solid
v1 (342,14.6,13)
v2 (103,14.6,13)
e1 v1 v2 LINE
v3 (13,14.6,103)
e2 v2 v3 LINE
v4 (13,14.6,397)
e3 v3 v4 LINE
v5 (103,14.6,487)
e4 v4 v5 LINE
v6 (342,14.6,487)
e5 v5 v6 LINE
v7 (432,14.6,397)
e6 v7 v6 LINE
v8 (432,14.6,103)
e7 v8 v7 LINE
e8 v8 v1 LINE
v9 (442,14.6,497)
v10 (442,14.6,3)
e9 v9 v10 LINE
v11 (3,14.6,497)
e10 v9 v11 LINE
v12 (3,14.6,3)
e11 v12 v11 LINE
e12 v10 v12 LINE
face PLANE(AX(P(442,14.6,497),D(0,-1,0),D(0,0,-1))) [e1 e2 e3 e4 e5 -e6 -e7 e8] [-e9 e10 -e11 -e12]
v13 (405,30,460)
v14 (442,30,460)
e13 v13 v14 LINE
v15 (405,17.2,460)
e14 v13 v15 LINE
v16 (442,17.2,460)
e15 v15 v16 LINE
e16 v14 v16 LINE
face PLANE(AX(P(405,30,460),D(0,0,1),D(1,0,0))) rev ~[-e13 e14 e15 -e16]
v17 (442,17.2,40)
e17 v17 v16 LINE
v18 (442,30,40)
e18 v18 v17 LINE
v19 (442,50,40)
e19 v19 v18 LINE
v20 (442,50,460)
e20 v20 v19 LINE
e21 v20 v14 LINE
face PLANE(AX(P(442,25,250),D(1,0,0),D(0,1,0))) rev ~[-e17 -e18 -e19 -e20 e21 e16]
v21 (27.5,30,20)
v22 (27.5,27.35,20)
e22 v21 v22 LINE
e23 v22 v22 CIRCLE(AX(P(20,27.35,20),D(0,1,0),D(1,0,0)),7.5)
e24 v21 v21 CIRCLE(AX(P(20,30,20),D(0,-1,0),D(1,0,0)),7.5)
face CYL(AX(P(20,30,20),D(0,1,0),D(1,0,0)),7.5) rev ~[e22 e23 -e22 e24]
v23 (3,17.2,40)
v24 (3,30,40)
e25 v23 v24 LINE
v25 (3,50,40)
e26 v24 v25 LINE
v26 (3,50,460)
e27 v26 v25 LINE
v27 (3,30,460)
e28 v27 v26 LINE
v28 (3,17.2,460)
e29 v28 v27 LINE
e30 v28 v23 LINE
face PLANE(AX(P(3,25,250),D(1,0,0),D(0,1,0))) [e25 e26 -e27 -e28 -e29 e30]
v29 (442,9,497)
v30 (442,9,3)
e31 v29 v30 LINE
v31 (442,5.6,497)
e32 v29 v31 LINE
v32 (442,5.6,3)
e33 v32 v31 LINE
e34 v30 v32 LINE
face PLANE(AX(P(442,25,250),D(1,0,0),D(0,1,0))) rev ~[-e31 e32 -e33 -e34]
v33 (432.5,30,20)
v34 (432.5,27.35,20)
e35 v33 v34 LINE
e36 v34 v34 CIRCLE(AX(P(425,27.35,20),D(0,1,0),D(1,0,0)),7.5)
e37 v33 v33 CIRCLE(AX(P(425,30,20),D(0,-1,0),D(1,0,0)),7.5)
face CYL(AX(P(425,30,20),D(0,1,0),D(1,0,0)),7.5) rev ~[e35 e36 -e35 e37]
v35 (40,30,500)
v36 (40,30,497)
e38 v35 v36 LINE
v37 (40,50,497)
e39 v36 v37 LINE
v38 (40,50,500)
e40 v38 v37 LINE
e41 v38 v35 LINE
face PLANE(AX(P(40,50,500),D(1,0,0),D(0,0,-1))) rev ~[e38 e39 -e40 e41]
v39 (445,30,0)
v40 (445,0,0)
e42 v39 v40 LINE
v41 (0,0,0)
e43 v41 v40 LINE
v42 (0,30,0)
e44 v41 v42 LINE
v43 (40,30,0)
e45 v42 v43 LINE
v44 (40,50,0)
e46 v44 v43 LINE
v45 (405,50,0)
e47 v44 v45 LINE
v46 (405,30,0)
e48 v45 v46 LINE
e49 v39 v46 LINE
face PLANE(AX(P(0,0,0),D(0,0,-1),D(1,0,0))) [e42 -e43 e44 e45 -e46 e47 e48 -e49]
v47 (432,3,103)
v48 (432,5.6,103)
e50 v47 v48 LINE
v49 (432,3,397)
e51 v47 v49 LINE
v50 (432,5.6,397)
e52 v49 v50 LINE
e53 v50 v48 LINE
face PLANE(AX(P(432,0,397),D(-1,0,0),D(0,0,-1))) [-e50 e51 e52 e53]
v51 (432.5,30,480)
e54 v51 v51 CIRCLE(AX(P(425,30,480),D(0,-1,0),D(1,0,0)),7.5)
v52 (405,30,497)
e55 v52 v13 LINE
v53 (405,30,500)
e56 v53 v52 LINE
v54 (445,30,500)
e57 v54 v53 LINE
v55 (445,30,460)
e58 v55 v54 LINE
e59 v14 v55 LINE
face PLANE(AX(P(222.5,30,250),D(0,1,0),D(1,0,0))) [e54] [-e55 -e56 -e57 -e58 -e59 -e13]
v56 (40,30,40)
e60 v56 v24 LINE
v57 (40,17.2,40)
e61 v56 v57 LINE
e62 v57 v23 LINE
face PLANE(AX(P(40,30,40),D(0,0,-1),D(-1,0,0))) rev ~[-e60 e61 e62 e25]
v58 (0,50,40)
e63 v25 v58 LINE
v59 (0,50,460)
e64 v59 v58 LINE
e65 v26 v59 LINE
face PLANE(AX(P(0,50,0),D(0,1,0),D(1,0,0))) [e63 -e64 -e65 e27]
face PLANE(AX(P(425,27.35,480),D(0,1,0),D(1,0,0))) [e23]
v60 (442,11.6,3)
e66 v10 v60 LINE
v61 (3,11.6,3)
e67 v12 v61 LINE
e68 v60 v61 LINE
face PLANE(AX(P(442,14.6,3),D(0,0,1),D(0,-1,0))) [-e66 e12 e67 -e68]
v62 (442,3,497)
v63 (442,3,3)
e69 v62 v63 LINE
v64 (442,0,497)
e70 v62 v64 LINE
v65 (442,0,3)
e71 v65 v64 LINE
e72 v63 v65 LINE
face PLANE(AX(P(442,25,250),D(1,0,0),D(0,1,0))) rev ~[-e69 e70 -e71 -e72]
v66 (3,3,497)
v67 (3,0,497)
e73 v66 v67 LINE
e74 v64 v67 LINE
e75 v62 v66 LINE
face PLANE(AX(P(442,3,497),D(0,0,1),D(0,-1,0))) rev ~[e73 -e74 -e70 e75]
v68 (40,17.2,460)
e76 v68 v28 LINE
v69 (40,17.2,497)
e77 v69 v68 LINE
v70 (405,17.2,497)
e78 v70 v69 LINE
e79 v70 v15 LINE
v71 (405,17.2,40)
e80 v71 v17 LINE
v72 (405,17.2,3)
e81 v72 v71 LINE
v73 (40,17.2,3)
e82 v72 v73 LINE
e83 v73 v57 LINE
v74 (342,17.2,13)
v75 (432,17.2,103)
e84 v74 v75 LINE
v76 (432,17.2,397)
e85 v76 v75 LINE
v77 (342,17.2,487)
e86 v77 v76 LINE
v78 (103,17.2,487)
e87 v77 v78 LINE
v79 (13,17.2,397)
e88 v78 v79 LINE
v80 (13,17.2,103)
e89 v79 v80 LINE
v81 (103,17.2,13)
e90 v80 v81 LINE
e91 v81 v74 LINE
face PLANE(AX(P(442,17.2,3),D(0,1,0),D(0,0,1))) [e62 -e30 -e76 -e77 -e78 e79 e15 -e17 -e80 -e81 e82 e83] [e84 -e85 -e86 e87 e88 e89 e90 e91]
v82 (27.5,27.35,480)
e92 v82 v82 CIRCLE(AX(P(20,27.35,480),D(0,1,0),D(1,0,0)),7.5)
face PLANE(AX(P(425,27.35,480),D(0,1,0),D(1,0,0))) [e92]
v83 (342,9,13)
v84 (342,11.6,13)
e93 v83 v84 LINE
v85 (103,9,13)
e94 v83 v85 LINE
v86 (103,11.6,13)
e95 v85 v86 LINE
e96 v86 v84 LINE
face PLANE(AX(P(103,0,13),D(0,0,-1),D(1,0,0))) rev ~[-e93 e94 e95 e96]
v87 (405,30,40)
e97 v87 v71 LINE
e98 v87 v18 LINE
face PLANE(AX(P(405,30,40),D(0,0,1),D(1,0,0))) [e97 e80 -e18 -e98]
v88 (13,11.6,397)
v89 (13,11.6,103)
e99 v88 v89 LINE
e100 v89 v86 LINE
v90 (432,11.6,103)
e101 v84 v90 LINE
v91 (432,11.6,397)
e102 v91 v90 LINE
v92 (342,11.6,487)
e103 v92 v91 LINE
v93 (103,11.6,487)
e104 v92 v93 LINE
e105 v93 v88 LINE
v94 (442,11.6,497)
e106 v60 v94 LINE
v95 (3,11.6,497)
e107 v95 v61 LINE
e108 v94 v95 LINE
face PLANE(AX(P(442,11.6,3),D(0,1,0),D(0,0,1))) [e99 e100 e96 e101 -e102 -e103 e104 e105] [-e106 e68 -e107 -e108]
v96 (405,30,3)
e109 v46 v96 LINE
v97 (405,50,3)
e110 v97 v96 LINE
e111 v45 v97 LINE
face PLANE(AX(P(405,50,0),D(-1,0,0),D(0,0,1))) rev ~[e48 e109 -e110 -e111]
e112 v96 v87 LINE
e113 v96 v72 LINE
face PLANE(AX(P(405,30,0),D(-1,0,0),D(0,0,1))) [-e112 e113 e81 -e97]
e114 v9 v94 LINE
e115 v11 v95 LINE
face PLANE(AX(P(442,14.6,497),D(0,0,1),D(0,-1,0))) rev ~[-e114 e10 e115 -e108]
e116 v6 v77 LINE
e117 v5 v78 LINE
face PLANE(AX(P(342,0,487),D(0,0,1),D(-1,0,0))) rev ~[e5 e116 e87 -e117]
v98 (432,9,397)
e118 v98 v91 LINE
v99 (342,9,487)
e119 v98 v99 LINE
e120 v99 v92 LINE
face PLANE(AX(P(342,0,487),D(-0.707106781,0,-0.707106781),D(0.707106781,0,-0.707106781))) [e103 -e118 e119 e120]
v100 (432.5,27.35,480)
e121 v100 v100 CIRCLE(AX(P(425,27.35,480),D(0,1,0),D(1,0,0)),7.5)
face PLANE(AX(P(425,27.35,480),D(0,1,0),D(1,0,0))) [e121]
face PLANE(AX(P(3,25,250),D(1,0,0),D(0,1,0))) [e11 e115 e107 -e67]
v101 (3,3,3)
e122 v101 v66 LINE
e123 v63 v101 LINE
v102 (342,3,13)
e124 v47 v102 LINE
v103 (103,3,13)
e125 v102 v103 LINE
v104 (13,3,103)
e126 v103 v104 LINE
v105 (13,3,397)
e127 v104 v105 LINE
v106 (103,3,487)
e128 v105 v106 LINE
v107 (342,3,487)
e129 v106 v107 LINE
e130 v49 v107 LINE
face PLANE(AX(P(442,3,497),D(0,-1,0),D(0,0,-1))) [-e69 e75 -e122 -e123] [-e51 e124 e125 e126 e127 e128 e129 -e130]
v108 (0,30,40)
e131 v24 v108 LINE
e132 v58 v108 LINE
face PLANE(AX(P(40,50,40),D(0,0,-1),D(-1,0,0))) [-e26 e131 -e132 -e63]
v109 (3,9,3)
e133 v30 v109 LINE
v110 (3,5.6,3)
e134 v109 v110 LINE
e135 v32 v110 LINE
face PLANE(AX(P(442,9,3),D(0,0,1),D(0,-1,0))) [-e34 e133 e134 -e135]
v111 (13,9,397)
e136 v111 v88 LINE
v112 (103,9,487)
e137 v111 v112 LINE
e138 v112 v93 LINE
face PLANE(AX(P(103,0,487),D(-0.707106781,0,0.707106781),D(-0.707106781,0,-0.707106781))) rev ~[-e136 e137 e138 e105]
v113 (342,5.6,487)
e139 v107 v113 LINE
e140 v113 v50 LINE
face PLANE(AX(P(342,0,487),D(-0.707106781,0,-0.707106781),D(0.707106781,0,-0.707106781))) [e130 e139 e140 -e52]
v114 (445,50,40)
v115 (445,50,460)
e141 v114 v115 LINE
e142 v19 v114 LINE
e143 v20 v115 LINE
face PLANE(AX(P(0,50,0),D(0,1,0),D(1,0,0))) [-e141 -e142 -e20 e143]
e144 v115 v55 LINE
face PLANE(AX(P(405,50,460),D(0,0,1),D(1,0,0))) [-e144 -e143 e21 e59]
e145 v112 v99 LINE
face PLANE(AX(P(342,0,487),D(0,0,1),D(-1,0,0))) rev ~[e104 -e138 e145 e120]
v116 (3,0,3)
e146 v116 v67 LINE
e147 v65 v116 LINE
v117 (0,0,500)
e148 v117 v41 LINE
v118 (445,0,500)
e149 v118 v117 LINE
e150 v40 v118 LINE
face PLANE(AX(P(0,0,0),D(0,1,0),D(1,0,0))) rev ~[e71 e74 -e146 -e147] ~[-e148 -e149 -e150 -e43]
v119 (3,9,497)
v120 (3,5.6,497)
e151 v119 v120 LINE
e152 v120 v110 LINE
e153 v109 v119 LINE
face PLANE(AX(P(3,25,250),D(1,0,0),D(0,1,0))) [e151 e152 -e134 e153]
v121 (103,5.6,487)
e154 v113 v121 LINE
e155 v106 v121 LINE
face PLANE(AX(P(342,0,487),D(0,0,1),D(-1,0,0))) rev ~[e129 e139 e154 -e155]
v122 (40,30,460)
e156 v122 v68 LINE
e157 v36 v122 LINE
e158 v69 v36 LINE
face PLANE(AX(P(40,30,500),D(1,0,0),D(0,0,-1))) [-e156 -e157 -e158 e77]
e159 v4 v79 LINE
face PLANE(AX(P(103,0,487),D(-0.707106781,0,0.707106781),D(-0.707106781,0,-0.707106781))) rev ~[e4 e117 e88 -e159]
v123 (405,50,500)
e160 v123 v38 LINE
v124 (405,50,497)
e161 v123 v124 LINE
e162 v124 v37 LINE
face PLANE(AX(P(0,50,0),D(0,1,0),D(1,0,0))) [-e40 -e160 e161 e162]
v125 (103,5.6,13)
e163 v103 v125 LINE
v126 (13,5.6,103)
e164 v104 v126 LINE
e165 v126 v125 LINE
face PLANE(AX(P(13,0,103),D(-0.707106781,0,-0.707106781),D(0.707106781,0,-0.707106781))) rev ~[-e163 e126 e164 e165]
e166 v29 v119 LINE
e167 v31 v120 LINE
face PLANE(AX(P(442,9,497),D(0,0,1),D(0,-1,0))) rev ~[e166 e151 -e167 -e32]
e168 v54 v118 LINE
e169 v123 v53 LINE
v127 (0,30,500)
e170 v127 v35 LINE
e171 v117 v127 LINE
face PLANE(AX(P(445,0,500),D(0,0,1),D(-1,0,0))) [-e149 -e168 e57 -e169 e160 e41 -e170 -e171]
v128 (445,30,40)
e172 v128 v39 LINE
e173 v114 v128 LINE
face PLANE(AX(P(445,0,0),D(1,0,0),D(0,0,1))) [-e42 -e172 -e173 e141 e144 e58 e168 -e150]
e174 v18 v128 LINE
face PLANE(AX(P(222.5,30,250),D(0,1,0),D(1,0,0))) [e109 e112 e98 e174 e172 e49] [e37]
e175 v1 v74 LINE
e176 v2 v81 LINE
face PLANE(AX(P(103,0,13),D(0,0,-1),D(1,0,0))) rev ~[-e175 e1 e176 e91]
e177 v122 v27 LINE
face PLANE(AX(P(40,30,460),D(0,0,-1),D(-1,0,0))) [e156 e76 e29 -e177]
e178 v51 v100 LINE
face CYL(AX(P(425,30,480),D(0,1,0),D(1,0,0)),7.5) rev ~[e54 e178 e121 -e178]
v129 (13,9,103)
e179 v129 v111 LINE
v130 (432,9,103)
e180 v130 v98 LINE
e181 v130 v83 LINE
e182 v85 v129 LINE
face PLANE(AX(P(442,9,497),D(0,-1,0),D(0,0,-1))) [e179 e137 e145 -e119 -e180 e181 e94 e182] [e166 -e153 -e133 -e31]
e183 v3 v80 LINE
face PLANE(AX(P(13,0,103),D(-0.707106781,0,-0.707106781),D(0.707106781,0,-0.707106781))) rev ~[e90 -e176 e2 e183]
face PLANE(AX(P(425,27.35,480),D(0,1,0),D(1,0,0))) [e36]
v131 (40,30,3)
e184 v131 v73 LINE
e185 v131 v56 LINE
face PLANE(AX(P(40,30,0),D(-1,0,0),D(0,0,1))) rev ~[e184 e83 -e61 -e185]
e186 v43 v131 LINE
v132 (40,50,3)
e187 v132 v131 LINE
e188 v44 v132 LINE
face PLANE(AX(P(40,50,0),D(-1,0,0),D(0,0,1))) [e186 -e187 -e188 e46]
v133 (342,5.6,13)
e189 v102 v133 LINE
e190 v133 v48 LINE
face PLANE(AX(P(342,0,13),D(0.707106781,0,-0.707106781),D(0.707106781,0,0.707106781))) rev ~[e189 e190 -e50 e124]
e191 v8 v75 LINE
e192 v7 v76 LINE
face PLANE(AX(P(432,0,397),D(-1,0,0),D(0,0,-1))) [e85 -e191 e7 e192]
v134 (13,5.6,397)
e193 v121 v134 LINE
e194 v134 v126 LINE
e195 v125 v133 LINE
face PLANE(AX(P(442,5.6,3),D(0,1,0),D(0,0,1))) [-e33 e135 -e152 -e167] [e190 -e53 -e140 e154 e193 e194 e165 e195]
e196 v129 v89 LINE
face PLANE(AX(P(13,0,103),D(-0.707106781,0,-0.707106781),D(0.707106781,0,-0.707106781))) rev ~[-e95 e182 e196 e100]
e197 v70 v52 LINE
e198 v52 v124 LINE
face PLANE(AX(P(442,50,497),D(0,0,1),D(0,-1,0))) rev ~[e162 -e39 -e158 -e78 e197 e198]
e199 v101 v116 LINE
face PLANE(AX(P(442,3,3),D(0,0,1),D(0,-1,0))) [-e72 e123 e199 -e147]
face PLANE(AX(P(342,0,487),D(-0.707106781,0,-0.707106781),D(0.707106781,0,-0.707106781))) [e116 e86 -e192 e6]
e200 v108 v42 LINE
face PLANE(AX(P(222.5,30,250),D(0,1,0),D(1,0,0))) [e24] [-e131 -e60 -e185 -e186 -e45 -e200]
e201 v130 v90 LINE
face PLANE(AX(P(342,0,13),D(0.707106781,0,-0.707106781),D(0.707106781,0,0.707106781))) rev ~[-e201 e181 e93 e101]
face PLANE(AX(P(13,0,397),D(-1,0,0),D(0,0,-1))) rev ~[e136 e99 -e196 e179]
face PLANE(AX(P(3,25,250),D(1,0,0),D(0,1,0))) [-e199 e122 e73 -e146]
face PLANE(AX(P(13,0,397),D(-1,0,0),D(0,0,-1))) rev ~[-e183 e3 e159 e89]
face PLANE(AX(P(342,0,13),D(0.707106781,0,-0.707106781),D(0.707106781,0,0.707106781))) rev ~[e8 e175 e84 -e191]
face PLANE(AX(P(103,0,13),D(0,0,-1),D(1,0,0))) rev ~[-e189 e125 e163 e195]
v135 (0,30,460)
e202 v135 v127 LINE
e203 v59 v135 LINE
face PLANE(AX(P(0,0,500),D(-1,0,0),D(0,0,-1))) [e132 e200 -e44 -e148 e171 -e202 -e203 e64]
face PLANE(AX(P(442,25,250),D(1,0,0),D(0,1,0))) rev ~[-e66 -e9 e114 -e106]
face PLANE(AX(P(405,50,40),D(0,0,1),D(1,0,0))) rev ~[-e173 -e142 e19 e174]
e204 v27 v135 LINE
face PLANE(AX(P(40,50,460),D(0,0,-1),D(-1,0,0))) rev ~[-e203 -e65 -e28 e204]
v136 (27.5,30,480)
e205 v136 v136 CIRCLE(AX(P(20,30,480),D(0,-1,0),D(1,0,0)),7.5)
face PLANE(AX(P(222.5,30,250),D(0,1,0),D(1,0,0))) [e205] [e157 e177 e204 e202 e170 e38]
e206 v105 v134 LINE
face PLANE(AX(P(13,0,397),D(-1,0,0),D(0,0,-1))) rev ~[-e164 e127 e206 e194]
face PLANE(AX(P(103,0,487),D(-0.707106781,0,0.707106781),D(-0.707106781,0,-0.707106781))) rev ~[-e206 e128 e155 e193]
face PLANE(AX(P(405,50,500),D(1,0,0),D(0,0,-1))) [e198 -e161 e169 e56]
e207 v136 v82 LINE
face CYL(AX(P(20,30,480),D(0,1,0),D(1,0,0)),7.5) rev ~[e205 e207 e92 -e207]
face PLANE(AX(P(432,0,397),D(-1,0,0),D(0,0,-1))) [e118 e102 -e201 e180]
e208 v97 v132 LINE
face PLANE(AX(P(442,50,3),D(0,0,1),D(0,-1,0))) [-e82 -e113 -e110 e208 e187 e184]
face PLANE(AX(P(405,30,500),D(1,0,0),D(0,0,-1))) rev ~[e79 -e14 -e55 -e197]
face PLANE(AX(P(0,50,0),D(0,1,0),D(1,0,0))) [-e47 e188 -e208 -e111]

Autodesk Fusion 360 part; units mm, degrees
sketch "Sketch1" plane through (0, 0, 0) normal (0, 1, 0) x (1, 0, 0)
  line L0 (0, 0) -> (445, 0)
  line L1 (445, 0) -> (445, -500)
  line L2 (445, -500) -> (0, -500)
  line L3 (0, -500) -> (0, 0)
  dimension "d1" = 445
  dimension "d2" = 500
extrude "Extrude1" add sketch "Sketch1" along normal blind 50
ref_plane "WorkPlane1" through (222.5, 0, 250) normal (0, -1, 0) x (-1, 0, 0)
sketch "Sketch2" plane through (222.5, 0, 250) normal (0, -1, 0) x (1, 0, 0)
  line L0 (222.5, 250) -> (119.5, 250)
  line L1 (119.5, 250) -> (119.5, 237)
  line L2 (119.5, 237) -> (222.5, 237)
  line L3 (222.5, 237) -> (222.5, 250)
  line L4 (222.5, 250) -> (209.5, 250)
  line L5 (209.5, 250) -> (209.5, 147)
  line L6 (209.5, 147) -> (222.5, 147)
  line L7 (222.5, 147) -> (222.5, 250)
  line L8 (119.5, 237) -> (209.5, 147)
  line L9 (209.5, 237) -> (119.5, 237)
  line L10 (-222.5, 250) -> (-119.5, 250)
  line L11 (-119.5, 250) -> (-119.5, 237)
  line L12 (-119.5, 237) -> (-222.5, 237)
  line L13 (-222.5, 237) -> (-222.5, 250)
  line L14 (-222.5, 250) -> (-209.5, 250)
  line L15 (-209.5, 250) -> (-209.5, 147)
  line L16 (-209.5, 147) -> (-222.5, 147)
  line L17 (-222.5, 147) -> (-222.5, 250)
  line L18 (-222.5, -250) -> (-119.5, -250)
  line L19 (-119.5, -250) -> (-119.5, -237)
  line L20 (-119.5, -237) -> (-222.5, -237)
  line L21 (-222.5, -237) -> (-222.5, -250)
  line L22 (-222.5, -250) -> (-209.5, -250)
  line L23 (-209.5, -250) -> (-209.5, -147)
  line L24 (-209.5, -147) -> (-222.5, -147)
  line L25 (-222.5, -147) -> (-222.5, -250)
  line L26 (222.5, -250) -> (209.5, -250)
  line L27 (209.5, -250) -> (209.5, -147)
  line L28 (209.5, -147) -> (222.5, -147)
  line L29 (222.5, -147) -> (222.5, -250)
  line L30 (222.5, -250) -> (119.5, -250)
  line L31 (119.5, -250) -> (119.5, -237)
  line L32 (119.5, -237) -> (222.5, -237)
  line L33 (222.5, -237) -> (222.5, -250)
  line L34 (119.5, -237) -> (209.5, -147)
  line L35 (209.5, 147) -> (119.5, 237)
  line L36 (-119.5, 237) -> (-209.5, 147)
  line L37 (-209.5, -147) -> (-119.5, -237)
  line L38 (-209.5, 147) -> (-209.5, -147)
  line L39 (-119.5, -237) -> (119.5, -237)
  line L40 (209.5, 147) -> (209.5, -147)
  line L41 (119.5, 237) -> (-119.5, 237)
  dimension "d6" = 103
  dimension "d7" = 13
  dimension "d8" = 13
  dimension "d9" = 103
  dimension "d10" = 103
  dimension "d11" = 13
  dimension "d12" = 13
  dimension "d13" = 103
  dimension "d14" = 103
  dimension "d15" = 13
  dimension "d16" = 13
  dimension "d17" = 103
  dimension "d18" = 13
  dimension "d19" = 103
  dimension "d20" = 103
  dimension "d21" = 13
extrude "Extrude2" cut sketch "Sketch2" against normal blind 50 contours L8 L34 L35 L36 L37 L38 L39 L40 L41
ref_plane "WorkPlane2" through (442, 25, 250) normal (1, 0, 0) x (0, 0, -1)
sketch "Sketch3" plane through (442, 25, 250) normal (1, 0, 0) x (0, 1, 0)
  line L0 (-25, -250) -> (25, -250)
  line L1 (25, -250) -> (25, -247)
  line L2 (25, -247) -> (-25, -247)
  line L3 (-25, -247) -> (-25, -250)
  line L4 (-25, 250) -> (25, 250)
  line L5 (25, 250) -> (25, 247)
  line L6 (25, 247) -> (-25, 247)
  line L7 (-25, 247) -> (-25, 250)
  line L8 (-25, 247) -> (-22, 247)
  line L9 (-22, 247) -> (-22, -247)
  line L10 (-22, -247) -> (-25, -247)
  line L11 (-25, -247) -> (-25, 247)
  line L12 (-22, 247) -> (-19.4, 247)
  line L13 (-19.4, 247) -> (-19.4, 220.835)
  line L14 (-19.4, 220.835) -> (-22, 220.835)
  line L15 (-22, 220.835) -> (-22, 247)
  line L16 (-19.4, 247) -> (-16, 247)
  line L17 (-16, 247) -> (-16, -247)
  line L18 (-16, -247) -> (-19.4, -247)
  line L19 (-19.4, -247) -> (-19.4, 247)
  line L20 (-16, 247) -> (-13.4, 247)
  line L21 (-13.4, 247) -> (-13.4, 220.8212)
  line L22 (-13.4, 220.8212) -> (-16, 220.8212)
  line L23 (-16, 220.8212) -> (-16, 247)
  line L24 (-13.4, 247) -> (-10.4, 247)
  line L25 (-10.4, 247) -> (-10.4, -247)
  line L26 (-10.4, -247) -> (-13.4, -247)
  line L27 (-13.4, -247) -> (-13.4, 247)
  line L28 (-10.4, 247) -> (-7.8, 247)
  line L29 (-7.8, 247) -> (-7.8, 220.1918)
  line L30 (-7.8, 220.1918) -> (-10.4, 220.1918)
  line L31 (-10.4, 220.1918) -> (-10.4, 247)
  line L32 (-7.8, 247) -> (25, 247)
  line L33 (25, 247) -> (25, -247)
  line L34 (25, -247) -> (-7.8, -247)
  line L35 (-7.8, -247) -> (-7.8, 247)
  dimension "d25" = 3
  dimension "d26" = 50
  dimension "d27" = 3
  dimension "d28" = 3
  dimension "d29" = 2.6
  dimension "d30" = 3.4
  dimension "d31" = 2.6
  dimension "d32" = 3
  dimension "d33" = 2.6
extrude "Extrude3" cut sketch "Sketch3" against normal blind 439 contours L2 L6 L8 L9 L10 L11 L15 | L2 L6 L29 L32 L33 L34 L35 | L2 L6 L13 L16 L17 L18 L19 L23 | L2 L6 L21 L24 L25 L26 L27 L31
ref_plane "WorkPlane3" through (222.5, 50, 250) normal (0, 1, 0) x (0, 0, 1)
sketch "Sketch4" plane through (222.5, 50, 250) normal (0, 1, 0) x (1, 0, 0)
  line L0 (222.5, -250) -> (182.5, -250)
  line L1 (182.5, -250) -> (182.5, -210)
  line L2 (182.5, -210) -> (222.5, -210)
  line L3 (222.5, -210) -> (222.5, -250)
  line L4 (-222.5, -250) -> (-182.5, -250)
  line L5 (-182.5, -250) -> (-182.5, -210)
  line L6 (-182.5, -210) -> (-222.5, -210)
  line L7 (-222.5, -210) -> (-222.5, -250)
  line L8 (-222.5, 250) -> (-182.5, 250)
  line L9 (-182.5, 250) -> (-182.5, 210)
  line L10 (-182.5, 210) -> (-222.5, 210)
  line L11 (-222.5, 210) -> (-222.5, 250)
  line L12 (222.5, 250) -> (182.5, 250)
  line L13 (182.5, 250) -> (182.5, 210)
  line L14 (182.5, 210) -> (222.5, 210)
  line L15 (222.5, 210) -> (222.5, 250)
  dimension "d37" = 40
  dimension "d38" = 40
  dimension "d39" = 40
  dimension "d40" = 40
  dimension "d41" = 40
  dimension "d42" = 40
  dimension "d43" = 40
  dimension "d44" = 40
extrude "Extrude4" cut sketch "Sketch4" against normal blind 20
ref_plane "WorkPlane4" through (425, 30, 20) normal (0, 1, 0) x (0, 0, 1)
sketch "Sketch5" plane through (425, 30, 20) normal (0, 1, 0) x (1, 0, 0)
  line L0 (20, 20) -> (-20, 20)
  line L1 (-20, 20) -> (-20, -20)
  line L2 (-20, -20) -> (20, -20)
  line L3 (20, -20) -> (20, 20)
  line L4 (-425, 20) -> (-385, 20)
  line L5 (-385, 20) -> (-385, -20)
  line L6 (-385, -20) -> (-425, -20)
  line L7 (-425, -20) -> (-425, 20)
  line L8 (-425, -480) -> (-385, -480)
  line L9 (-385, -480) -> (-385, -440)
  line L10 (-385, -440) -> (-425, -440)
  line L11 (-425, -440) -> (-425, -480)
  line L12 (20, -480) -> (-20, -480)
  line L13 (-20, -480) -> (-20, -440)
  line L14 (-20, -440) -> (20, -440)
  line L15 (20, -440) -> (20, -480)
  dimension "d48" = 40
  dimension "d49" = 40
  dimension "d50" = 40
  dimension "d51" = 40
  dimension "d52" = 40
  dimension "d53" = 40
  dimension "d54" = 40
  dimension "d55" = 40
extrude "Extrude5" add sketch "Sketch5" against normal blind 13
ref_plane "WorkPlane5" through (222.5, 3, 250) normal (0, -1, 0) x (0, 0, 1)
sketch "Sketch6" plane through (222.5, 3, 250) normal (0, -1, 0) x (1, 0, 0)
ref_plane "WorkPlane6" through (425, 30, 480) normal (0, 1, 0) x (0, 0, 1)
sketch "Sketch7" plane through (425, 30, 480) normal (0, 1, 0) x (1, 0, 0)
  line L0 (20, -20) -> (0, -20)
  line L1 (0, -20) -> (0, 0)
  line L2 (0, 0) -> (20, 0)
  line L3 (20, 0) -> (20, -20)
  circle A0 centre (0, 0) radius 7.5
  line L4 (-425, -20) -> (-405, -20)
  line L5 (-405, -20) -> (-405, 0)
  line L6 (-405, 0) -> (-425, 0)
  line L7 (-425, 0) -> (-425, -20)
  circle A1 centre (-405, 0) radius 7.5
  line L8 (-425, 480) -> (-405, 480)
  line L9 (-405, 480) -> (-405, 460)
  line L10 (-405, 460) -> (-425, 460)
  line L11 (-425, 460) -> (-425, 480)
  circle A2 centre (-405, 460) radius 7.5
  line L12 (20, 480) -> (0, 480)
  line L13 (0, 480) -> (0, 460)
  line L14 (0, 460) -> (20, 460)
  line L15 (20, 460) -> (20, 480)
  circle A3 centre (0, 460) radius 7.5
  dimension "d60" = 20
  dimension "d61" = 20
  dimension "d62" = 15
  dimension "d63" = 20
  dimension "d64" = 20
  dimension "d65" = 15
  dimension "d66" = 20
  dimension "d67" = 20
  dimension "d68" = 15
  dimension "d69" = 20
  dimension "d70" = 20
  dimension "d71" = 15
extrude "Extrude6" cut sketch "Sketch7" against normal blind 2.65 contours L1 L2 A0 | L1 L2 A0 | L5 L6 A1 | L5 L6 A1 | L9 L10 A2 | L9 L10 A2 | L13 L14 A3 | L13 L14 A3
